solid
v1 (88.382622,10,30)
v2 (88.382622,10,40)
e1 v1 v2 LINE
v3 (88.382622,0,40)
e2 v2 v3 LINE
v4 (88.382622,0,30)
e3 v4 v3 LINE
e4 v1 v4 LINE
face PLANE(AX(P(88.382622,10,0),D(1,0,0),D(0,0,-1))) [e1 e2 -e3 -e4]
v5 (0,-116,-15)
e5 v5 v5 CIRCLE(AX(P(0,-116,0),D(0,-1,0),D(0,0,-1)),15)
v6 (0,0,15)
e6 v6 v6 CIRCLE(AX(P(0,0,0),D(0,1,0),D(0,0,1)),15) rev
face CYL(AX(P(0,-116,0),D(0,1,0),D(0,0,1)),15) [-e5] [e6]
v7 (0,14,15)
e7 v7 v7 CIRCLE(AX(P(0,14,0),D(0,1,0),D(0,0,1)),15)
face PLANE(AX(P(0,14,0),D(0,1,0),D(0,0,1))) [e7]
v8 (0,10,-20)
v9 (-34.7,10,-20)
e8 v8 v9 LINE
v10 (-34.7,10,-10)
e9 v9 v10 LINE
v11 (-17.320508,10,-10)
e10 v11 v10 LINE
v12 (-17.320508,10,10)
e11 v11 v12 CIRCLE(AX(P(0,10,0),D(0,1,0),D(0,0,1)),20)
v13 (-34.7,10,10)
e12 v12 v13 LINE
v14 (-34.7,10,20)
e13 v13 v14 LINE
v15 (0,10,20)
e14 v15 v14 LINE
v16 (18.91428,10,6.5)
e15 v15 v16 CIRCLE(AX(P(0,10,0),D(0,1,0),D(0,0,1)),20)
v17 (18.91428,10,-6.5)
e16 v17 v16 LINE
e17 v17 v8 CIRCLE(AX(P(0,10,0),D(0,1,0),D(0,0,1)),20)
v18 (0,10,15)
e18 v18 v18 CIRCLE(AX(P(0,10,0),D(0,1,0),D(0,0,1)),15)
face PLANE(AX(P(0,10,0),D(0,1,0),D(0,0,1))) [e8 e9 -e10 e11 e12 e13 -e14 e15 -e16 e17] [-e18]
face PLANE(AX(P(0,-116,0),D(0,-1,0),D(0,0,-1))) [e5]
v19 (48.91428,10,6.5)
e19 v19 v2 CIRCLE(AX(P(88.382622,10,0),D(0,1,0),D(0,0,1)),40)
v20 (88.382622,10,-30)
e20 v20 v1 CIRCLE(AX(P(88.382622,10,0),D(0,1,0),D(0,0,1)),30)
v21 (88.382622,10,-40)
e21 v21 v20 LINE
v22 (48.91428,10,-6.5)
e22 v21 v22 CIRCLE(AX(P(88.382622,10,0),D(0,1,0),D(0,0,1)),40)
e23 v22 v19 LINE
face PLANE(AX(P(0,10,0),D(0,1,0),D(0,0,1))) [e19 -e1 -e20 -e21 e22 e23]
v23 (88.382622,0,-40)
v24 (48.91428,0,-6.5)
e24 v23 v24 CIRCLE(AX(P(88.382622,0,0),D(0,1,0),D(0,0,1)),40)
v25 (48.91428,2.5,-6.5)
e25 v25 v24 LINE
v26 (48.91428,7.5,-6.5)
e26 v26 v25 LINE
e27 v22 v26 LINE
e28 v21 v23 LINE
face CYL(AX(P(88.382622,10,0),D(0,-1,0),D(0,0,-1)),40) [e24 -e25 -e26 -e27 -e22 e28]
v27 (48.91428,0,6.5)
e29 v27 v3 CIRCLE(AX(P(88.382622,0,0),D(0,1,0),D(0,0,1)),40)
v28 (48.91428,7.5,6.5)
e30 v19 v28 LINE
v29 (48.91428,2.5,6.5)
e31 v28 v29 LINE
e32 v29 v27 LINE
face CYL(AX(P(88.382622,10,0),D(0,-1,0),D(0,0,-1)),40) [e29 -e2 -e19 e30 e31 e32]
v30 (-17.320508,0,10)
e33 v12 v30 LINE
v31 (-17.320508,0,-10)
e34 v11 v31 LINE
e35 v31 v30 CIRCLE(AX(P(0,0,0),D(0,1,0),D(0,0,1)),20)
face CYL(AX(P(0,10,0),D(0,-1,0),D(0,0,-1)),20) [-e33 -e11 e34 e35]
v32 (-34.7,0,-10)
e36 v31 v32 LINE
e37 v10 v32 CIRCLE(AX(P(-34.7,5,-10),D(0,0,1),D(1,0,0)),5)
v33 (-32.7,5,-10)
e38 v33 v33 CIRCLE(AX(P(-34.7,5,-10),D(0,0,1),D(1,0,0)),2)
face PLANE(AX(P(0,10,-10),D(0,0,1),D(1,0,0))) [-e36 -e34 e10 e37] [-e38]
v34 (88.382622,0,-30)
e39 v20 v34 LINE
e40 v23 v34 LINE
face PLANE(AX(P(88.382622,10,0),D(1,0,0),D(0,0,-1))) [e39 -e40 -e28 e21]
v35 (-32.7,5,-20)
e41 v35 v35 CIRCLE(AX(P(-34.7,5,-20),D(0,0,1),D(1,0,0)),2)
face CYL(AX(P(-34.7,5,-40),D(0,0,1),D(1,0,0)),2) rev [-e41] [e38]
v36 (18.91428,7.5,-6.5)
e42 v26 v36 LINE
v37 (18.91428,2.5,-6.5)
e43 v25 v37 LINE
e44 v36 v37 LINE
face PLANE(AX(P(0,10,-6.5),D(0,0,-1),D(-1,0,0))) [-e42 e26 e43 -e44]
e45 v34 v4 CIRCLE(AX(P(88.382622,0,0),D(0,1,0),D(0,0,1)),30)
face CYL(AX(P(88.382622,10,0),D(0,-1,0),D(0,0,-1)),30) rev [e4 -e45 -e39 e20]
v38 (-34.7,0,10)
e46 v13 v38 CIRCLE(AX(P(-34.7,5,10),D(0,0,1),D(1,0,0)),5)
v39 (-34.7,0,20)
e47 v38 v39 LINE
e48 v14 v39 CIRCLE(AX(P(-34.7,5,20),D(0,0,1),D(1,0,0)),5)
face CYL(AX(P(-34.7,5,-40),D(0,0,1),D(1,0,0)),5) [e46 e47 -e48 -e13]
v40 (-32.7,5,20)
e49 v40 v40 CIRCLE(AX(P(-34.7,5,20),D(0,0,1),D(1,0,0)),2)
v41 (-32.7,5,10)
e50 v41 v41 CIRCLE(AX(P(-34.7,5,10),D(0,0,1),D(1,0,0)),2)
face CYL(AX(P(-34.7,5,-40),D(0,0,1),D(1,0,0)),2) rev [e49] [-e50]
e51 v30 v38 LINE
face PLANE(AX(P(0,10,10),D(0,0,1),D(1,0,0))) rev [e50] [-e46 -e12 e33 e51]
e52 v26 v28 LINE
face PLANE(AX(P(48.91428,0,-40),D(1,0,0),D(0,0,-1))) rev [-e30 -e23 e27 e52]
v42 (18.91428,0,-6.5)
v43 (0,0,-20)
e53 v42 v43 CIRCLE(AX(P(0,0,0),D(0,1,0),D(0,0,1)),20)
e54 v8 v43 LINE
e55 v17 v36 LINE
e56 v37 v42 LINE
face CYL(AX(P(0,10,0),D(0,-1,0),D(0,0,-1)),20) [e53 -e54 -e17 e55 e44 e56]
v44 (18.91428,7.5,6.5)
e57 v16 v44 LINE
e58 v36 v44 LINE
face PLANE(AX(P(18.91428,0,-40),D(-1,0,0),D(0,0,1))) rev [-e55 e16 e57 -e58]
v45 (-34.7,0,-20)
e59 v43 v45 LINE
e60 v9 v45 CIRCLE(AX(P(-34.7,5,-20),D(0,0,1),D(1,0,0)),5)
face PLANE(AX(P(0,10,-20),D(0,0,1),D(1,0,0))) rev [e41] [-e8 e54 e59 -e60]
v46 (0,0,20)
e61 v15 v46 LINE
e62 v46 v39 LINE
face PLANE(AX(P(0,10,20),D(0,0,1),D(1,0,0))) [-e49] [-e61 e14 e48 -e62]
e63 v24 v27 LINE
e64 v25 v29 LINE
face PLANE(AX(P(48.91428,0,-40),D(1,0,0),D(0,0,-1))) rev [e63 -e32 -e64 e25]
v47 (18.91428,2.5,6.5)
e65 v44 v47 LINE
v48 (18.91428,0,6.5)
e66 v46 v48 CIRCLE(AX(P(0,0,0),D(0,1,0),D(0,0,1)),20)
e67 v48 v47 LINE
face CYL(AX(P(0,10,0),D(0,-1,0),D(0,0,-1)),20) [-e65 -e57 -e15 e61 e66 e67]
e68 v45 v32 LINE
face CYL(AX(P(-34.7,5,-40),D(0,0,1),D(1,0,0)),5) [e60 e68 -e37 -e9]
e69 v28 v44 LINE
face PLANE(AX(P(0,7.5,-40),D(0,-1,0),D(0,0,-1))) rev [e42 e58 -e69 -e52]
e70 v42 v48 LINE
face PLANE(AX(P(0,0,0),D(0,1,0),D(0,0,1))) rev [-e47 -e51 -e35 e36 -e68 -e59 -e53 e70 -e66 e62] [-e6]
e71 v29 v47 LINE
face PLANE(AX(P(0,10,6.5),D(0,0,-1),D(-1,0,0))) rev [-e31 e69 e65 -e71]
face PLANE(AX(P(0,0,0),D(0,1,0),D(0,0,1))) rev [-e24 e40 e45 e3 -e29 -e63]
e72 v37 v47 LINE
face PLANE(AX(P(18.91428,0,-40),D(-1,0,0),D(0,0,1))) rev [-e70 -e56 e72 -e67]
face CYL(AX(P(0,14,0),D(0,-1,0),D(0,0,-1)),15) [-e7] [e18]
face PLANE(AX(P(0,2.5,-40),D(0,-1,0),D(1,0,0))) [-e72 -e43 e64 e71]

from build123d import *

# Parameters (mm, degrees)
SKETCH2_R               = 15
BOSS_EXTRUDE3_DEPTH     = 10
SKETCH4_R               = 2
CUT_EXTRUDE2_DEPTH      = 21
CUT_EXTRUDE2_DEPTH_BACK = 61
BOSS_EXTRUDE5_DEPTH     = 14
SKETCH5_R               = 15
BOSS_EXTRUDE6_DEPTH     = 116
SKETCH6_W               = 30
SKETCH6_H               = 2.5
CUT_EXTRUDE3_DEPTH      = 34.5
CUT_EXTRUDE3_DEPTH_BACK = 47.5


with BuildPart() as part:
    # Sketch2 → Boss-Extrude3 (new body)
    with BuildSketch(Plane(origin=(0, 0, 0), x_dir=(1, 0, 0), z_dir=(0, 1, 0))):
        with BuildLine():
            Line((88.382622063, 30), (88.382622063, 40))
            ThreePointArc((88.382622063, 40), (62.498263852, 30.495901364), (48.914280319, 6.5))
            Line((48.914280319, 6.5), (18.914280319, 6.5))
            ThreePointArc((18.914280319, 6.5), (11.618950039, 16.278820596), (0, 20))
            Line((0, 20), (-39.7, 20))
            Line((-39.7, 20), (-39.7, 10))
            Line((-39.7, 10), (-17.320508076, 10))
            ThreePointArc((-17.320508076, 10), (-20, 0), (-17.320508076, -10))
            Line((-17.320508076, -10), (-39.7, -10))
            Line((-39.7, -10), (-39.7, -20))
            Line((-39.7, -20), (0, -20))
            ThreePointArc((0, -20), (11.618950039, -16.278820596), (18.914280319, -6.5))
            Line((18.914280319, -6.5), (48.914280319, -6.5))
            ThreePointArc((48.914280319, -6.5), (62.498263852, -30.495901364), (88.382622063, -40))
            Line((88.382622063, -40), (88.382622063, -30))
            ThreePointArc((88.382622063, -30), (58.382622063, 0), (88.382622063, 30))
        make_face()
        Circle(SKETCH2_R, mode=Mode.SUBTRACT)
    extrude(amount=BOSS_EXTRUDE3_DEPTH)

    # Sketch4 → Cut-Extrude2 (cut, two sides)
    with BuildSketch(Plane.XY.offset(20)) as cut_extrude2_sk:
        with BuildLine():
            Line((-34.7, 10), (-39.7, 10))
            Line((-39.7, 10), (-39.7, 5))
            ThreePointArc((-39.7, 5), (-38.235533906, 8.535533906), (-34.7, 10))
        make_face()
        with BuildLine():
            ThreePointArc((-34.7, 0), (-38.235533906, 1.464466094), (-39.7, 5))
            Line((-39.7, 5), (-39.7, 0))
            Line((-39.7, 0), (-34.7, 0))
        make_face()
        with Locations((-34.7, 5)):
            Circle(SKETCH4_R)
    extrude(amount=CUT_EXTRUDE2_DEPTH, mode=Mode.SUBTRACT)
    extrude(cut_extrude2_sk.sketch, amount=-CUT_EXTRUDE2_DEPTH_BACK, mode=Mode.SUBTRACT)

    # Sketch2<6> → Boss-Extrude5 (add)
    with BuildSketch(Plane(origin=(0, 0, 0), x_dir=(1, 0, 0), z_dir=(0, 1, 0))):
        with BuildLine():
            ThreePointArc((15, 0), (10.606601718, 10.606601718), (0, 15))
            Line((0, 15), (0, -15))
            ThreePointArc((0, -15), (10.606601718, -10.606601718), (15, 0))
        make_face()
        with BuildLine():
            Line((0, -15), (0, 15))
            ThreePointArc((0, 15), (-15, 0), (0, -15))
        make_face()
    extrude(amount=BOSS_EXTRUDE5_DEPTH)

    # Sketch5 → Boss-Extrude6 (add)
    with BuildSketch(Plane.XZ):
        Circle(SKETCH5_R)
    extrude(amount=BOSS_EXTRUDE6_DEPTH)

    # Sketch6 → Cut-Extrude3 (cut, two sides)
    with BuildSketch(Plane.XY.offset(6.5)) as cut_extrude3_sk:
        with Locations((33.914280319, 8.75)):
            Rectangle(SKETCH6_W, SKETCH6_H)
        with Locations((33.914280319, 1.25)):
            Rectangle(SKETCH6_W, SKETCH6_H)
    extrude(amount=CUT_EXTRUDE3_DEPTH, mode=Mode.SUBTRACT)
    extrude(cut_extrude3_sk.sketch, amount=-CUT_EXTRUDE3_DEPTH_BACK, mode=Mode.SUBTRACT)


solid = part.part
